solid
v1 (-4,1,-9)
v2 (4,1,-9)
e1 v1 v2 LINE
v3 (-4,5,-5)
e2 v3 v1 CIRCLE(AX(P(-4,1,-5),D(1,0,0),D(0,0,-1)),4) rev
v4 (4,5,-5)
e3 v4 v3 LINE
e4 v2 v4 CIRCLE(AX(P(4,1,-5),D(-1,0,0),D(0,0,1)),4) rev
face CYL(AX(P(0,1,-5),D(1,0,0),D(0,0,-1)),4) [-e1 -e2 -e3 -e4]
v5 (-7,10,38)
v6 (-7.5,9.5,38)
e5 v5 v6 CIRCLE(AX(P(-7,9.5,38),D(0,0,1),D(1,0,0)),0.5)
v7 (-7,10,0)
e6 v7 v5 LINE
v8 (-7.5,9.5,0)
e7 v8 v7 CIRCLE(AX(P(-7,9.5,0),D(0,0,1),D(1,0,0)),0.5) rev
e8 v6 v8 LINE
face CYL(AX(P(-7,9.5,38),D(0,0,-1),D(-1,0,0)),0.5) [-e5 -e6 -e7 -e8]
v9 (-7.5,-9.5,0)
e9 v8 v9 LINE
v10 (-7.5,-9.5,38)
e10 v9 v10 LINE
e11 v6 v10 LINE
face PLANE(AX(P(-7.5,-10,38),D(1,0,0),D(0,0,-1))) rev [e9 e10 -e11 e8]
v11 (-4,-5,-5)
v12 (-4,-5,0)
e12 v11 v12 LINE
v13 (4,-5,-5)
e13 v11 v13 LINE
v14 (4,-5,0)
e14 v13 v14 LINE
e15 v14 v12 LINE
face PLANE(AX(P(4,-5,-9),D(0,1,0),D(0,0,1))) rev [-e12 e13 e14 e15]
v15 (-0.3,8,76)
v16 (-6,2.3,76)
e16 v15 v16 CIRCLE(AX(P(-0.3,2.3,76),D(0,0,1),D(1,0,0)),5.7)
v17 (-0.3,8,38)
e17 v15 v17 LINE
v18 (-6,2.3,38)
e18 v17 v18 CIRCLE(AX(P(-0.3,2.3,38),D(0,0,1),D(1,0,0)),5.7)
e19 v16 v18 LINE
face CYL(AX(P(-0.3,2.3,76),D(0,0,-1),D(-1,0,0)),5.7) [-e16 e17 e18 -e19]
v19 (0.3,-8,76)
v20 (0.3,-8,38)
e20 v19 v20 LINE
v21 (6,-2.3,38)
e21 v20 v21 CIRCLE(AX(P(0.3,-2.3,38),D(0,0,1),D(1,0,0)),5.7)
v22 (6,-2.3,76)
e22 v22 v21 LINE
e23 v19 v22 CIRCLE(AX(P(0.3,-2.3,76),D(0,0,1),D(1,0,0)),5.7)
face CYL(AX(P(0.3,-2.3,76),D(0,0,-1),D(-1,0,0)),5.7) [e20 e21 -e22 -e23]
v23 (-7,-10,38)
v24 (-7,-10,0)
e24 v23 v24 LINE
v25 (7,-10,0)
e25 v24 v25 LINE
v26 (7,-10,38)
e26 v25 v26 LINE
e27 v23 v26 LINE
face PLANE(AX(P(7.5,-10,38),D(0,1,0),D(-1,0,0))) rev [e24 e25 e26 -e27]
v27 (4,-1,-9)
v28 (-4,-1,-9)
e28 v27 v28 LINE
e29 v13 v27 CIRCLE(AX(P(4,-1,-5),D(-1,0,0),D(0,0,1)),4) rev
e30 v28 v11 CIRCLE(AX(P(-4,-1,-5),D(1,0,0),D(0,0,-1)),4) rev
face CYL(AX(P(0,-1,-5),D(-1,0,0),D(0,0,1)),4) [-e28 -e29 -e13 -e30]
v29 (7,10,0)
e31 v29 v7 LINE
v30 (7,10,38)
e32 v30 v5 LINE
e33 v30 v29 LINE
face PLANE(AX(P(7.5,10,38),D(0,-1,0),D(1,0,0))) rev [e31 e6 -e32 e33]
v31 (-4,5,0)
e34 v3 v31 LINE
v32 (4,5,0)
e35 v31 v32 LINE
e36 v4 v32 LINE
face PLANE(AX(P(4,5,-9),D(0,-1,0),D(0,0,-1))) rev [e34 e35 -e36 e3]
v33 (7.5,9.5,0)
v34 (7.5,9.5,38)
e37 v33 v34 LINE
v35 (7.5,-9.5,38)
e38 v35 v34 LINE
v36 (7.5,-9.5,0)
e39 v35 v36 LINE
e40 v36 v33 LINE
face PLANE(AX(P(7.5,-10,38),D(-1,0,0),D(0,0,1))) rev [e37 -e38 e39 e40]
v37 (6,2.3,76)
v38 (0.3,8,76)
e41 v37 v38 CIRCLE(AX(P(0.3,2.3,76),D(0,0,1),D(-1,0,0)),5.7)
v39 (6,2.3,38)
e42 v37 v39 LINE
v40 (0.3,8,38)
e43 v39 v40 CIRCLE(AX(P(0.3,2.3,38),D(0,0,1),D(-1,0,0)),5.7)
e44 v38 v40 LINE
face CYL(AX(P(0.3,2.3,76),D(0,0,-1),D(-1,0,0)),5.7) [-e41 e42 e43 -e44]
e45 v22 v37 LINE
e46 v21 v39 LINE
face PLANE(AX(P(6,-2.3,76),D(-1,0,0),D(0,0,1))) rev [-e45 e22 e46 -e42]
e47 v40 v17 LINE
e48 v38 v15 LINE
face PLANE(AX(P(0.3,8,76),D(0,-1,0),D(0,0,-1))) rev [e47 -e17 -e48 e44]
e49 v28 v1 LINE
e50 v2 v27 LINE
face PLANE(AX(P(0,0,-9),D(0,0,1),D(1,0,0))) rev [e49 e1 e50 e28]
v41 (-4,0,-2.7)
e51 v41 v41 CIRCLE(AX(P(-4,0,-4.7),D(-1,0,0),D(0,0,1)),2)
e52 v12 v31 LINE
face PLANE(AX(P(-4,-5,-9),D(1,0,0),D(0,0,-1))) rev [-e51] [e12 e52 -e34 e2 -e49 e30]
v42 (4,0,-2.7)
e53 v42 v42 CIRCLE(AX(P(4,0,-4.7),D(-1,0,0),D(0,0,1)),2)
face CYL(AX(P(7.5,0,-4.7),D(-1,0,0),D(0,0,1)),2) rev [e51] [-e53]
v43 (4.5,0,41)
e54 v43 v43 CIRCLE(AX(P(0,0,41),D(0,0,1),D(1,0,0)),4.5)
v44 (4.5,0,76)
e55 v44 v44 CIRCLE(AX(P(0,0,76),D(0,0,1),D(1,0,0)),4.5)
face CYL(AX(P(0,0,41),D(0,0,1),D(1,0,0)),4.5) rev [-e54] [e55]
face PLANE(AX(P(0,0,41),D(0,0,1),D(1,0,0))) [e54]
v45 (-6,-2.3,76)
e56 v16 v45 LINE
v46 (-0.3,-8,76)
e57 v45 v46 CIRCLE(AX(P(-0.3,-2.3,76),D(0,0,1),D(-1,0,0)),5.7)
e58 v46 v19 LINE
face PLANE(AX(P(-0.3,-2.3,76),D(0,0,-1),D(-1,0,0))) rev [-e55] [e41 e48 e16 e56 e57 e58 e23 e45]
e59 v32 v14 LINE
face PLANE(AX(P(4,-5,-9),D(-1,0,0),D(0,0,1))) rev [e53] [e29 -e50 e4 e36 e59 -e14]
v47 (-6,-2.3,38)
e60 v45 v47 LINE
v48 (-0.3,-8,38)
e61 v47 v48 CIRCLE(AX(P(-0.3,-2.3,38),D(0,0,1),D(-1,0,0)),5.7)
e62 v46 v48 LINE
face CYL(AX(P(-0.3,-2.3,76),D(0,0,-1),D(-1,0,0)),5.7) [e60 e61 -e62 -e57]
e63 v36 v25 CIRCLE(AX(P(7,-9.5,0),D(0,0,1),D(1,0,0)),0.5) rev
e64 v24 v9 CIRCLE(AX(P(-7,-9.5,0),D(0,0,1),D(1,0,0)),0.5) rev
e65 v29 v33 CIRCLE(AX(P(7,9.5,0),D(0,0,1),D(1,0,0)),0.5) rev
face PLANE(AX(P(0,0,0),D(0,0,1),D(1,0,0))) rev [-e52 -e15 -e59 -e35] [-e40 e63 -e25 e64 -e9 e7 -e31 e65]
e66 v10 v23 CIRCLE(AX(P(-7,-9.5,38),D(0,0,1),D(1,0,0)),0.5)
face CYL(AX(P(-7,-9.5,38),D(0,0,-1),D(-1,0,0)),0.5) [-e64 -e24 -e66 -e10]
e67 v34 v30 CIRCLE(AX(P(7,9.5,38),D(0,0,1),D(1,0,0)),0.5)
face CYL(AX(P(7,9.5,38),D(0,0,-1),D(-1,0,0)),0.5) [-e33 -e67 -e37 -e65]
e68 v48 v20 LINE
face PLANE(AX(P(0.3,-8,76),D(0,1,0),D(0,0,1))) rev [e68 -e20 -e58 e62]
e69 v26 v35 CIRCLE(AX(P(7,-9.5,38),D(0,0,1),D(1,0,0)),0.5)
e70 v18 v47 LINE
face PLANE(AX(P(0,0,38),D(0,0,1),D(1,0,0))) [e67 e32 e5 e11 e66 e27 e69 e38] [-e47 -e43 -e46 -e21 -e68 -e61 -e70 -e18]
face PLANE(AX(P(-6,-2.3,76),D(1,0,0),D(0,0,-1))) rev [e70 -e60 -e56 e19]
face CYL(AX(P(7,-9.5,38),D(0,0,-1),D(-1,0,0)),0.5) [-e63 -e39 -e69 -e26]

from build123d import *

# Parameters (mm, degrees)
SKETCH_1_W          = 15
SKETCH_1_H          = 20
EXTRUDE_1_DEPTH     = 38
EXTRUDE_2_DEPTH     = 38
SKETCH_3_W          = 8
SKETCH_3_H          = 10
EXTRUDE_3_DEPTH     = 9
FILLET_1_R          = 4
SKETCH_4_R          = 2
CUT_EXTRUDE_1_DEPTH = 78.512902152
FILLET_2_R          = 0.5
SKETCH_5_R          = 4.5
CUT_EXTRUDE_2_DEPTH = 35


with BuildPart() as part:
    # Эскиз1 → Бобышка-Вытянуть1 (new body)
    with BuildSketch(Plane.XY):
        Rectangle(SKETCH_1_W, SKETCH_1_H)
    extrude(amount=EXTRUDE_1_DEPTH)

    # Эскиз2 → Бобышка-Вытянуть2 (add)
    with BuildSketch(Plane.XY.offset(38)):
        with BuildLine():
            Line((0.3, -8), (-0.3, -8))
            ThreePointArc((-0.3, -8), (-4.330508653, -6.330508653), (-6, -2.3))
            Line((-6, -2.3), (-6, 2.3))
            ThreePointArc((-6, 2.3), (-4.330508653, 6.330508653), (-0.3, 8))
            Line((-0.3, 8), (0.3, 8))
            ThreePointArc((0.3, 8), (4.330508653, 6.330508653), (6, 2.3))
            Line((6, 2.3), (6, -2.3))
            ThreePointArc((6, -2.3), (4.330508653, -6.330508653), (0.3, -8))
        make_face()
    extrude(amount=EXTRUDE_2_DEPTH)

    # Эскиз3 → Бобышка-Вытянуть3 (add)
    with BuildSketch(Plane(origin=(0, 0, 0), x_dir=(-1, 0, 0), z_dir=(0, 0, -1))):
        Rectangle(SKETCH_3_W, SKETCH_3_H)
    extrude(amount=EXTRUDE_3_DEPTH)

    # Скругление1
    fillet_1_edges = [part.edges().sort_by_distance(p)[0] for p in [
        (0, 5, -9),
        (0, -5, -9),
    ]]
    fillet(fillet_1_edges, radius=FILLET_1_R)

    # Эскиз4 → Вырез-Вытянуть1 (cut, through all)
    with BuildSketch(Plane.ZY.offset(4)):
        with Locations((-4.7, 0)):
            Circle(SKETCH_4_R)
    extrude(amount=-CUT_EXTRUDE_1_DEPTH, mode=Mode.SUBTRACT)

    # Скругление2
    fillet_2_edges = [part.edges().sort_by_distance(p)[0] for p in [
        (-7.5, 10, 19),
        (7.5, 10, 19),
        (7.5, -10, 19),
        (-7.5, -10, 19),
    ]]
    fillet(fillet_2_edges, radius=FILLET_2_R)

    # Эскиз5 → Вырез-Вытянуть2 (cut)
    with BuildSketch(Plane.XY.offset(76)):
        Circle(SKETCH_5_R)
    extrude(amount=-CUT_EXTRUDE_2_DEPTH, mode=Mode.SUBTRACT)


solid = part.part
